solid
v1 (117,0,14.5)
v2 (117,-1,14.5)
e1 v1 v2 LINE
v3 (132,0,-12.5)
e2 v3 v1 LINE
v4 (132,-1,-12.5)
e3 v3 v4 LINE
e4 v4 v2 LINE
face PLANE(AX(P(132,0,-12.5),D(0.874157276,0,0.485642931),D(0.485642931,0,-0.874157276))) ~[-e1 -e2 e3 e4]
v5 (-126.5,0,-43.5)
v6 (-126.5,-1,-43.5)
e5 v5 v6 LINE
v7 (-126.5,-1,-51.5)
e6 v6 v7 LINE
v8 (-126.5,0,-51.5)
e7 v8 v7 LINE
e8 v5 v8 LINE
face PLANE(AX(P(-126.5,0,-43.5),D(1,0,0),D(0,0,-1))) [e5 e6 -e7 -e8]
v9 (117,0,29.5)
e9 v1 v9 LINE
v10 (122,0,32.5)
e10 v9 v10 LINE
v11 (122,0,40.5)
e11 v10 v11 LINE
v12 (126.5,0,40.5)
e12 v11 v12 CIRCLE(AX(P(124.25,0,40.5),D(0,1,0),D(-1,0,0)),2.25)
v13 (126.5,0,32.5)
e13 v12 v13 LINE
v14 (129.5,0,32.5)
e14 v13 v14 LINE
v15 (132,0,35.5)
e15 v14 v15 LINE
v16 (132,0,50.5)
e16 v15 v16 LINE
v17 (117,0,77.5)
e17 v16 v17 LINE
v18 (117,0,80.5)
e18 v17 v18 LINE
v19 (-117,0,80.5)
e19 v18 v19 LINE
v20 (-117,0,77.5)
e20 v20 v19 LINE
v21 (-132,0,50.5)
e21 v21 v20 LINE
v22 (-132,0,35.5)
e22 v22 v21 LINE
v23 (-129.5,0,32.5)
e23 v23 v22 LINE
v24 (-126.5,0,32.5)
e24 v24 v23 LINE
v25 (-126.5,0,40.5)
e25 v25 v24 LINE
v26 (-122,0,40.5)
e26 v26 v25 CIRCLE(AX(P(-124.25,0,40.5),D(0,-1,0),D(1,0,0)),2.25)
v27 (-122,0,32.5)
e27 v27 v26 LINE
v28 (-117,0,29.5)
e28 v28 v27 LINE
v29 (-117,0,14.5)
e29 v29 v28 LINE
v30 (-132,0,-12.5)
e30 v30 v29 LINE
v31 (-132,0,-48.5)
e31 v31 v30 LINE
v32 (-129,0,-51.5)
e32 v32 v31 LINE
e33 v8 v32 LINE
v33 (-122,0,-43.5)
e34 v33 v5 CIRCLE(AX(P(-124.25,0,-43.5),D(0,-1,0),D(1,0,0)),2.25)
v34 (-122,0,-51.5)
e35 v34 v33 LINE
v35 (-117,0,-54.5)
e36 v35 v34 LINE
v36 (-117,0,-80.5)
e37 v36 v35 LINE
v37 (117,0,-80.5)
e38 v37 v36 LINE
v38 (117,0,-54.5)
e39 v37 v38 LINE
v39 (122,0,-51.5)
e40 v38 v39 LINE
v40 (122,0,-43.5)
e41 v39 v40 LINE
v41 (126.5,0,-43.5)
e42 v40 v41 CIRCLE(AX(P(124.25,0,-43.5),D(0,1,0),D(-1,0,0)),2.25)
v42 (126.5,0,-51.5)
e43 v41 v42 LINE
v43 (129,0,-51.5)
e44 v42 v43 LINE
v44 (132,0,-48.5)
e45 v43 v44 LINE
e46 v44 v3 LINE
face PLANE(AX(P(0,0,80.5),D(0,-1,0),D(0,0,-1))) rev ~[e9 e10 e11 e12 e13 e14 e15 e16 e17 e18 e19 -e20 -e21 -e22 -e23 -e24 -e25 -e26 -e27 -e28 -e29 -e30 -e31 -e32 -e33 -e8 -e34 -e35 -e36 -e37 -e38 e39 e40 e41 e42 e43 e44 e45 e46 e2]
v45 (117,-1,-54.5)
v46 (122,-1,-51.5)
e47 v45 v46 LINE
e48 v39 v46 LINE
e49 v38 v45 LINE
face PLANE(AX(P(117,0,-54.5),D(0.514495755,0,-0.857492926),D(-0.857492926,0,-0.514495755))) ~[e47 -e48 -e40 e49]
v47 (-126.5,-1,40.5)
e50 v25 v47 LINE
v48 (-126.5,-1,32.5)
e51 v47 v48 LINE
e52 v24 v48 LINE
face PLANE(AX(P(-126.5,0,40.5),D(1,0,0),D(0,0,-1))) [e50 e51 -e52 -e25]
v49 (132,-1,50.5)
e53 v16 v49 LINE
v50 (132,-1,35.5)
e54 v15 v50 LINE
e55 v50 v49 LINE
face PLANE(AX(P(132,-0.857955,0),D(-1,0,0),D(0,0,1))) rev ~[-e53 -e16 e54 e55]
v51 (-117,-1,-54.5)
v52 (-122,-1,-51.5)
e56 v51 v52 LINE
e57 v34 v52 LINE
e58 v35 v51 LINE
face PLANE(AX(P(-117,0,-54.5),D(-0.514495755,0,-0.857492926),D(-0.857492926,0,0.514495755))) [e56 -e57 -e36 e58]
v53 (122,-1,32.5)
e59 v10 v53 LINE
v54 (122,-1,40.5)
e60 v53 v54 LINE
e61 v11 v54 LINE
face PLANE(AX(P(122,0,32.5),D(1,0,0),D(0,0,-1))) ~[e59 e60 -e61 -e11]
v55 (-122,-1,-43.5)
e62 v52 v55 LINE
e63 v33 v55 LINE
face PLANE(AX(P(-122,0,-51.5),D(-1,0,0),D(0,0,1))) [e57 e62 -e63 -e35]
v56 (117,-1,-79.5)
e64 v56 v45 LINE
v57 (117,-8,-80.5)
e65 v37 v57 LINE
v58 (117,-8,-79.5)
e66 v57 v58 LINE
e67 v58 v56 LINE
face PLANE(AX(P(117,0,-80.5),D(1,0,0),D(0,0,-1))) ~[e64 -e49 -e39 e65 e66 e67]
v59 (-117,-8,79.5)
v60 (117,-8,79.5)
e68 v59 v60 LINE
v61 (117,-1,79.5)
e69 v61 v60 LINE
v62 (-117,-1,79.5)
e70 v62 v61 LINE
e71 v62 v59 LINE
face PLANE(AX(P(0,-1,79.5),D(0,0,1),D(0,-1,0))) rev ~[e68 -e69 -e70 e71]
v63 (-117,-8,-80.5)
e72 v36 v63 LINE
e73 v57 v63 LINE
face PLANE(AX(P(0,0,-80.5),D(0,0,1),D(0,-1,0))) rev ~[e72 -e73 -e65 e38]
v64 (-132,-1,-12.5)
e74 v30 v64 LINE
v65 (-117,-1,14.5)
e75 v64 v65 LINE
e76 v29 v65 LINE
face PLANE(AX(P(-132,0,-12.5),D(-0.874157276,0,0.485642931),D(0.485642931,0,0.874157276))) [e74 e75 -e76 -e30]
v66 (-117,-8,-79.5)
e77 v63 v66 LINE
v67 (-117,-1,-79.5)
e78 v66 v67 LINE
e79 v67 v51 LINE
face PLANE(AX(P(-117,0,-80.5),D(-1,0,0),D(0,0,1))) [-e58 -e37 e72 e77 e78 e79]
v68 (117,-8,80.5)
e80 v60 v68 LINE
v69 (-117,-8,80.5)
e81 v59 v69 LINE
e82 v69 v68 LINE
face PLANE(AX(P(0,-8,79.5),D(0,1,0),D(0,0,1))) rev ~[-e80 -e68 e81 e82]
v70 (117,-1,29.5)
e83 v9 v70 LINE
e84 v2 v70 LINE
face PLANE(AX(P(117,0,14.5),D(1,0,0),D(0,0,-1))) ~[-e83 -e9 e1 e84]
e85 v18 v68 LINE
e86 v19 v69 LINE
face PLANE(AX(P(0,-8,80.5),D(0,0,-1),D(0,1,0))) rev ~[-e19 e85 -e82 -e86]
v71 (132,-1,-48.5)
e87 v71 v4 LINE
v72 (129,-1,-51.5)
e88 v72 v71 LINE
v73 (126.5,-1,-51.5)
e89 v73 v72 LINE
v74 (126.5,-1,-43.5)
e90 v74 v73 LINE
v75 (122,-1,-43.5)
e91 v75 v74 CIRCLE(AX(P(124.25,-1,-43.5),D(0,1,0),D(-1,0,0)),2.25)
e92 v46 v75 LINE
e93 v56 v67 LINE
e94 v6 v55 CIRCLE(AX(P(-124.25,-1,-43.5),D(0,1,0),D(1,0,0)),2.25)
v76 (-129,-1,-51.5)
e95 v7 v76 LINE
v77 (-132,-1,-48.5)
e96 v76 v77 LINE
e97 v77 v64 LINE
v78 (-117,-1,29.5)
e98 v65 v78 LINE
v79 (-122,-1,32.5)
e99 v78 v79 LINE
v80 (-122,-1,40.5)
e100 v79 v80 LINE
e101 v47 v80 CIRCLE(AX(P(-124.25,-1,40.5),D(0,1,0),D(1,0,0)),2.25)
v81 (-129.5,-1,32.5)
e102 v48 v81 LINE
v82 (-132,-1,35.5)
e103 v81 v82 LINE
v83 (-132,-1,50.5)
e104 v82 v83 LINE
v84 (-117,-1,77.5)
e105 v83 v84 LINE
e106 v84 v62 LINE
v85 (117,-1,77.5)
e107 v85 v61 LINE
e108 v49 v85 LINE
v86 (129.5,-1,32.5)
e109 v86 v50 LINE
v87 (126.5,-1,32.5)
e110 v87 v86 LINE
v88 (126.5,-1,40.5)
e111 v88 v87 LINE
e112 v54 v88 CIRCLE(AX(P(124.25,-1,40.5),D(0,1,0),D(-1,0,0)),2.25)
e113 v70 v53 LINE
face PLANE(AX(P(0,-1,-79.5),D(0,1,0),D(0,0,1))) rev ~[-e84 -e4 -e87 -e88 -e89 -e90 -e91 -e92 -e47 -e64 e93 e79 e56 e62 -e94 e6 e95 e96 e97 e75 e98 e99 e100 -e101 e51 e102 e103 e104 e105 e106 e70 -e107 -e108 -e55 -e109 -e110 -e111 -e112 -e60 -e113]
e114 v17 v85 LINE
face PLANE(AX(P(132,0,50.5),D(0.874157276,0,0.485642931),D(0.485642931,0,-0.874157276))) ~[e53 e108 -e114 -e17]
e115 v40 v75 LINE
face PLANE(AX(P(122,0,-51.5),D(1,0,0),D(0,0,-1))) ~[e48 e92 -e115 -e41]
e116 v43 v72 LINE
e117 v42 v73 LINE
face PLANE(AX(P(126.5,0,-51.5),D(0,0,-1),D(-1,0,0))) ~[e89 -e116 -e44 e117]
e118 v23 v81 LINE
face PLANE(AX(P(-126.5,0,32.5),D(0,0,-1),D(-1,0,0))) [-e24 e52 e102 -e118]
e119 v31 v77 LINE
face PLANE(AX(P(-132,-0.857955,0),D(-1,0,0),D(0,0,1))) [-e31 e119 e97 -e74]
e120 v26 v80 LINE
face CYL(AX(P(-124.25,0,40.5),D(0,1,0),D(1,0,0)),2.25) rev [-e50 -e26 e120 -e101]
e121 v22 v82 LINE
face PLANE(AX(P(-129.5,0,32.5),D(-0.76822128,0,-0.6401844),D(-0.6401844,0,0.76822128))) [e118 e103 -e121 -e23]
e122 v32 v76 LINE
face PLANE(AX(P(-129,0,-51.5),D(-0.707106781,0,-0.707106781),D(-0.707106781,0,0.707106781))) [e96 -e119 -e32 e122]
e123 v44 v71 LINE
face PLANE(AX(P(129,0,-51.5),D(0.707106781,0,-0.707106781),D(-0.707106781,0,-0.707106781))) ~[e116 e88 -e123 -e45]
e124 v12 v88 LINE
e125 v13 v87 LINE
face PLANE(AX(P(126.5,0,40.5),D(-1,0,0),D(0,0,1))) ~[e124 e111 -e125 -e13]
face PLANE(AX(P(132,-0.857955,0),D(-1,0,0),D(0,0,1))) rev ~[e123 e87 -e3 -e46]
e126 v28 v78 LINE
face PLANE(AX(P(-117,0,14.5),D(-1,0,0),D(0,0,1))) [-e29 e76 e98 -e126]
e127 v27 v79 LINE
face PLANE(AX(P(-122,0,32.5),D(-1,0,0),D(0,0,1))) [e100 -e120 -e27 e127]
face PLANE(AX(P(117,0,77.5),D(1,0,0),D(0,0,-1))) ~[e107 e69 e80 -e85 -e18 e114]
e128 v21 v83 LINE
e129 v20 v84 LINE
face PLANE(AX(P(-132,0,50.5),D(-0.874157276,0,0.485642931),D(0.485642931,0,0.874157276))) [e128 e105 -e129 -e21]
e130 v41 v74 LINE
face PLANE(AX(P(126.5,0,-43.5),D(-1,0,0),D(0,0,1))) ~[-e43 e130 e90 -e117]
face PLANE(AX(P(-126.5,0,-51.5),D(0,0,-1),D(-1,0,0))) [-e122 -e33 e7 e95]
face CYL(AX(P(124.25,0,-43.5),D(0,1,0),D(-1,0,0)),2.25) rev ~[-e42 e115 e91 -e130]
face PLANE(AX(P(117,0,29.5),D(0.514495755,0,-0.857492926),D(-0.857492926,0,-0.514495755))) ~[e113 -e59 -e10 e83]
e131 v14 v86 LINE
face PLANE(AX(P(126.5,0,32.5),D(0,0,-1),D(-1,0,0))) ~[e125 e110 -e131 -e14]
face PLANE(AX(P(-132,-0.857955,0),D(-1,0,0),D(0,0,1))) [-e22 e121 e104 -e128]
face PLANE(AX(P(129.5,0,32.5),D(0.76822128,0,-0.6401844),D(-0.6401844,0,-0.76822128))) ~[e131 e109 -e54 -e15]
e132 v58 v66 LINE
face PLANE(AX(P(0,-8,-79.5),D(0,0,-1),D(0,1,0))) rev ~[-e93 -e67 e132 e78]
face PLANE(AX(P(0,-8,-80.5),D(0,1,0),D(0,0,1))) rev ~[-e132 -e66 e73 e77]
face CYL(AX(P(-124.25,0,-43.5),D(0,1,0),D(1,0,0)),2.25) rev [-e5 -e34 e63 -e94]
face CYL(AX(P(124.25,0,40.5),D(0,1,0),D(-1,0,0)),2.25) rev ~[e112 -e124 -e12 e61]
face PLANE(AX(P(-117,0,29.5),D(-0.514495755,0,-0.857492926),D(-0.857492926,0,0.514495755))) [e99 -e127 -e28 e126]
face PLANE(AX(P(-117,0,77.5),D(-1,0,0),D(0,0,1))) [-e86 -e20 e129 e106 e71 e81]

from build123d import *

# Parameters (mm, degrees)
EXTRUDE_THIN1_DEPTH = 132
CUT_EXTRUDE1_DEPTH  = 10


with BuildPart() as part:
    # Sketch1 → Extrude-Thin1 (new, symmetric)
    with BuildSketch(Plane(origin=(0, 0, 0), x_dir=(0, 0, -1), z_dir=(1, 0, 0))):
        Polygon((-80.5, -8), (-80.5, 0), (80.5, 0), (80.5, -8), (79.5, -8), (79.5, -1), (-79.5, -1), (-79.5, -8), align=None)
    extrude(amount=EXTRUDE_THIN1_DEPTH, both=True)

    # Sketch2 → Cut-Extrude1 (cut)
    with BuildSketch(Plane(origin=(0, 0, 0), x_dir=(1, 0, 0), z_dir=(0, 1, 0))):
        with BuildLine():
            Line((-117, 80.5), (-117, 54.5))
            Line((-117, 54.5), (-122, 51.5))
            Line((-122, 51.5), (-122, 43.5))
            ThreePointArc((-122, 43.5), (-124.25, 41.25), (-126.5, 43.5))
            Line((-126.5, 43.5), (-126.5, 51.5))
            Line((-126.5, 51.5), (-129, 51.5))
            Line((-129, 51.5), (-132, 48.5))
            Line((-132, 48.5), (-132, 12.5))
            Line((-132, 12.5), (-117, -14.5))
            Line((-117, -14.5), (-117, -29.5))
            Line((-117, -29.5), (-122, -32.5))
            Line((-122, -32.5), (-122, -40.5))
            ThreePointArc((-122, -40.5), (-124.25, -42.75), (-126.5, -40.5))
            Line((-126.5, -40.5), (-126.5, -32.5))
            Line((-126.5, -32.5), (-129.5, -32.5))
            Line((-129.5, -32.5), (-132, -35.5))
            Line((-132, -35.5), (-132, -50.5))
            Line((-132, -50.5), (-117, -77.5))
            Line((-117, -77.5), (-117, -80.5))
            Line((-117, -80.5), (-140, -80.5))
            Line((-140, -80.5), (-140, 80.5))
            Line((-140, 80.5), (-117, 80.5))
        make_face()
    cut_extrude1 = extrude(amount=-CUT_EXTRUDE1_DEPTH, mode=Mode.SUBTRACT)

    # Mirror1: Cut-Extrude1 across plane
    add(cut_extrude1.mirror(Plane(origin=(0, 0, 0), x_dir=(0, 0, 1), z_dir=(1, 0, 0))), mode=Mode.SUBTRACT)


solid = part.part
